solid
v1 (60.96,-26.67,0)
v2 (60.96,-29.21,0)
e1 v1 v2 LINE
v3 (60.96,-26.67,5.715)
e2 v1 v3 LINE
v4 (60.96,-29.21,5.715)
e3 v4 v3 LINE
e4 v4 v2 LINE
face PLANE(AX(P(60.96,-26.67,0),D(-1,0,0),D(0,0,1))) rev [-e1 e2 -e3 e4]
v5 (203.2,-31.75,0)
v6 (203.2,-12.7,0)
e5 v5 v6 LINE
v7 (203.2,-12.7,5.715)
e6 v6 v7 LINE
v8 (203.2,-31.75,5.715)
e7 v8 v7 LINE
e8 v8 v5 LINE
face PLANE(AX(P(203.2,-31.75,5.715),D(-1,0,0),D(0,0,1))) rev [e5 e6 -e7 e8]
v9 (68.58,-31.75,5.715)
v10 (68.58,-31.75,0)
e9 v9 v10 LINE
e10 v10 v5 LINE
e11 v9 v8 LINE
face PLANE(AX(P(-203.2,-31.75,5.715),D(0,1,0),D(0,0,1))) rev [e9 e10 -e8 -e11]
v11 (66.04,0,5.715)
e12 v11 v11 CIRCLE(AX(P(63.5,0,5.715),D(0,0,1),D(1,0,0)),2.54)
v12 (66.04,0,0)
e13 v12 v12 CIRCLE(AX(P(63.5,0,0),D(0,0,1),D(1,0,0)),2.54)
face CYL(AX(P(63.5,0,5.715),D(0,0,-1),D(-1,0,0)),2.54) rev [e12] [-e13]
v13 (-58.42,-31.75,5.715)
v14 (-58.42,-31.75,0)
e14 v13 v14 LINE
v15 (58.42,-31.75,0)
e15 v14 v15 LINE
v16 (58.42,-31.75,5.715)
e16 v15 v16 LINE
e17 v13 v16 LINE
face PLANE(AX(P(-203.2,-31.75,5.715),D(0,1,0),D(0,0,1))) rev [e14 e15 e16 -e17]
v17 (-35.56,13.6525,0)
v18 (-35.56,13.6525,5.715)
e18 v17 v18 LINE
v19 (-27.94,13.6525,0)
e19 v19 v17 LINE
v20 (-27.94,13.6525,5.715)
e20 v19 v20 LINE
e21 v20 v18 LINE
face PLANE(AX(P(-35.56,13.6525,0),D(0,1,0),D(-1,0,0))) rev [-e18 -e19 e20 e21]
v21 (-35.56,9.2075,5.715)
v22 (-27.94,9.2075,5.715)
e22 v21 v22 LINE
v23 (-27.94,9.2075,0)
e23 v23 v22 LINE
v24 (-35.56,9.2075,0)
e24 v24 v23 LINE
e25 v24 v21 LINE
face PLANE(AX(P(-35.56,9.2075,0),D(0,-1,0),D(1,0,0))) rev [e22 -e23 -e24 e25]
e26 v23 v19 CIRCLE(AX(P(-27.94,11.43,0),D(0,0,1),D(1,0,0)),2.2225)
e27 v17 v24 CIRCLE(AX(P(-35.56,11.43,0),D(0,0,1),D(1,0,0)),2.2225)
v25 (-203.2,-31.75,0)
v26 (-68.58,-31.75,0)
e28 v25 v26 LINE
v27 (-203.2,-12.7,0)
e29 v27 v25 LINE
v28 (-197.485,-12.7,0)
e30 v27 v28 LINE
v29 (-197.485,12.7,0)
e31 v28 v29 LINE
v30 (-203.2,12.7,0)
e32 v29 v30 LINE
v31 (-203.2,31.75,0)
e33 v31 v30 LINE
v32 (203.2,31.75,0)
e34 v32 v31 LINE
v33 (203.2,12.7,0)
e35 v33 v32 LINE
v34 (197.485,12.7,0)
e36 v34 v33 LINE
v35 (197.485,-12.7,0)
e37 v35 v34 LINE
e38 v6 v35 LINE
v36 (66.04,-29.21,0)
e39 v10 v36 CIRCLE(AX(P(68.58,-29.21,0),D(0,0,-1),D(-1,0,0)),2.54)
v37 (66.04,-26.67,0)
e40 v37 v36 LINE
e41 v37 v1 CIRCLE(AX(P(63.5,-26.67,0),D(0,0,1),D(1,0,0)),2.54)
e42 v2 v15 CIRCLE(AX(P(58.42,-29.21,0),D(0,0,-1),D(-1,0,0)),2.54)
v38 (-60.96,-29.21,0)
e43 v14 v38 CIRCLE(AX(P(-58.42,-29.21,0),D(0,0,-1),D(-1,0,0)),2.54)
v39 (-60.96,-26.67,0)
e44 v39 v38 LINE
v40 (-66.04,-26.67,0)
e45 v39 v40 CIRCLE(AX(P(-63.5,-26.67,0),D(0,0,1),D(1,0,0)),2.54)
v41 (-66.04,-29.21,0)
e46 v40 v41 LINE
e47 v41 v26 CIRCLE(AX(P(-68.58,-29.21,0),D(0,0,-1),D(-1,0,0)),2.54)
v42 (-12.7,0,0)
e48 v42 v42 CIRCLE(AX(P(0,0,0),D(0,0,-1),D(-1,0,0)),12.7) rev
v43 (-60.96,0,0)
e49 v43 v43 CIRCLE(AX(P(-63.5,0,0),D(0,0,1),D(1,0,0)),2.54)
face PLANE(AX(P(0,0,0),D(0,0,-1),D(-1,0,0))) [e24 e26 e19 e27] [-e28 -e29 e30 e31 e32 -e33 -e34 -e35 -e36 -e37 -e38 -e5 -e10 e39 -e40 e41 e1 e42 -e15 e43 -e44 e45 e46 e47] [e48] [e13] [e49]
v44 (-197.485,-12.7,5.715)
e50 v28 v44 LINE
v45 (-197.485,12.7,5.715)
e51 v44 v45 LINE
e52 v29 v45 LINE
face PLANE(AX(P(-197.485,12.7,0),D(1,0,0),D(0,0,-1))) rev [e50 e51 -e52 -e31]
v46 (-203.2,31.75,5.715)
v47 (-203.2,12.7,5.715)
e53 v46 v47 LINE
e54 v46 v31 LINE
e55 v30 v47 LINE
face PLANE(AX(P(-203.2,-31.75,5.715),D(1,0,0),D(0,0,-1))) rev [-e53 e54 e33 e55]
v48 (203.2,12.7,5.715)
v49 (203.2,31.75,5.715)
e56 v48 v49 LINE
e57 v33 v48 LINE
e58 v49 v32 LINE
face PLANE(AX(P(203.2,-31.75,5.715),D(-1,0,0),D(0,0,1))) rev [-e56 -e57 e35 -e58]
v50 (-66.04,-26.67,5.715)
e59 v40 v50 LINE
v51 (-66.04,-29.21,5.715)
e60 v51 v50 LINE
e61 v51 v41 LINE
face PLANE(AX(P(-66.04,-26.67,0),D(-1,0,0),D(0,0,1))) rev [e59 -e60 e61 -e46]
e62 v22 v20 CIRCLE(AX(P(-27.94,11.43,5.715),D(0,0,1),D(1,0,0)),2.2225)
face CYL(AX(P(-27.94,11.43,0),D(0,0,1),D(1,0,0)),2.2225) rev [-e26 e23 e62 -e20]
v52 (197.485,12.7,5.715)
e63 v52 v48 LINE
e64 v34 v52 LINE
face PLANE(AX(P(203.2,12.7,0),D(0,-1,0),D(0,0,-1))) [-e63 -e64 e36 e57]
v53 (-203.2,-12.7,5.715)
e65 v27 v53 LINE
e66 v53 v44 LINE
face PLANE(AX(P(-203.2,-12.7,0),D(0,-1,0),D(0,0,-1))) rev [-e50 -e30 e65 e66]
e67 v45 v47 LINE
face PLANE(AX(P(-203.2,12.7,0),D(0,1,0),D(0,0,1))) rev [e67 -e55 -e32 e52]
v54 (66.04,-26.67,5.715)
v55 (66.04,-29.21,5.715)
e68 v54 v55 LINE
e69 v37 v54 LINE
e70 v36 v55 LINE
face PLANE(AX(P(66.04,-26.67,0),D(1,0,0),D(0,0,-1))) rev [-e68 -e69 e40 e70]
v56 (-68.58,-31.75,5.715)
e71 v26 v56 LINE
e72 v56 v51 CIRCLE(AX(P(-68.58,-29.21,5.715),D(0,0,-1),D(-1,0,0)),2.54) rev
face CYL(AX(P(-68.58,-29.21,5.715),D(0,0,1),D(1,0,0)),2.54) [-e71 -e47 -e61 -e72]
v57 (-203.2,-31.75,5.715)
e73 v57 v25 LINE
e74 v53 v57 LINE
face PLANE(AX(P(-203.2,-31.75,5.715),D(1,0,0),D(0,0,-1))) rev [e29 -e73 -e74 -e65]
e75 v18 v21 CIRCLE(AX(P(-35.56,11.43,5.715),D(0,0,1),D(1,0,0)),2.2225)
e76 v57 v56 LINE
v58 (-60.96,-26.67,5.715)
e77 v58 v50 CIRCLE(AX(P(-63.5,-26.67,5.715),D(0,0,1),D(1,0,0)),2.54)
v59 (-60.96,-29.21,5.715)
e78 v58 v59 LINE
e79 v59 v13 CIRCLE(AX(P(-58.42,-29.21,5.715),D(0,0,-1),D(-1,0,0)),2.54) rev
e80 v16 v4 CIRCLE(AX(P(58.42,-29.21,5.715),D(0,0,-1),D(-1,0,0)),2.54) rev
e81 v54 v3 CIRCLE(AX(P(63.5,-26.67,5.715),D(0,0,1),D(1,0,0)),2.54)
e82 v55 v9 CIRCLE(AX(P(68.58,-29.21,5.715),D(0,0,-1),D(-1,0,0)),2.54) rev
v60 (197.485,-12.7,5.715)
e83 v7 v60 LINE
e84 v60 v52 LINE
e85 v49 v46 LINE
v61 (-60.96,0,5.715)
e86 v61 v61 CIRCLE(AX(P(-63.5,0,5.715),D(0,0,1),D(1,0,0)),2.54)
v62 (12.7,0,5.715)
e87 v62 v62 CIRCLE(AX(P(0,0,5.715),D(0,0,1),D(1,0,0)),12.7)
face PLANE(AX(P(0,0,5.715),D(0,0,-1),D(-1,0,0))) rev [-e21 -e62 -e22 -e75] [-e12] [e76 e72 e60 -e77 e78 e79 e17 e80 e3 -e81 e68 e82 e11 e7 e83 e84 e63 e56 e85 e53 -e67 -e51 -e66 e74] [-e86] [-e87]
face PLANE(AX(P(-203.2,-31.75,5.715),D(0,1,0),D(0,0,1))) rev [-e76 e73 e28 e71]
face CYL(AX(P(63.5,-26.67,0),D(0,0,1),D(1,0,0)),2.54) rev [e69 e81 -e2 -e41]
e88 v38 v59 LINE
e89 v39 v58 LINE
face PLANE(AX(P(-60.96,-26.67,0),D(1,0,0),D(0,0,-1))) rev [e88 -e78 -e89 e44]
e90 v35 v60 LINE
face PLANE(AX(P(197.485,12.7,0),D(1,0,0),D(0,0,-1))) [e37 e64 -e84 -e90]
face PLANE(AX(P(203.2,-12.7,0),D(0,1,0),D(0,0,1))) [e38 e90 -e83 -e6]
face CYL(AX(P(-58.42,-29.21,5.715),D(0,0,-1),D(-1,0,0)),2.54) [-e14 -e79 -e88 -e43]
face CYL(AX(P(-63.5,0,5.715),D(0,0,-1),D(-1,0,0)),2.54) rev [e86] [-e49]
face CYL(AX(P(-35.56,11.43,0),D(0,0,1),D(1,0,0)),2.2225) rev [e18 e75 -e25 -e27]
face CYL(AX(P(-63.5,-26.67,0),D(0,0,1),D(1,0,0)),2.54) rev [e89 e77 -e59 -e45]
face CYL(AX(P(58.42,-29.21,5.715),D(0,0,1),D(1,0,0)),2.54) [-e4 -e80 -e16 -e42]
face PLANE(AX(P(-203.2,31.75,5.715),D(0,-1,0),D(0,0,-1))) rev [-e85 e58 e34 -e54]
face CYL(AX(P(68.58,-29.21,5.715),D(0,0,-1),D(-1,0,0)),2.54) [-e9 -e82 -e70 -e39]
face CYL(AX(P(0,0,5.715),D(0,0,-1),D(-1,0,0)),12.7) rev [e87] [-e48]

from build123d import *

# Parameters (mm, degrees)
SKETCH1_W                        = 406.4
SKETCH1_H                        = 63.5
BOSS_EXTRUDE1_DEPTH              = 5.715
SKETCH2_R                        = 12.7
SEED_HOLE_DEPTH                  = 6.715
SEED_HOLE_DEPTH_BACK             = 1
SKETCH3_R                        = 2.54
LED_MOUNT_DEPTH                  = 6.715
IR_SENSOR_WIRE_KEEPER_DEPTH      = 1
IR_SENSOR_WIRE_KEEPER_DEPTH_BACK = 6.715
FILLET1_R                        = 2.54
SEED_SWITCH_MOUNT_DEPTH          = 6.715
SKETCH6_W                        = 5.715
SKETCH6_H                        = 25.4
CUT_EXTRUDE6_DEPTH               = 6.715


with BuildPart() as part:
    # Sketch1 → Boss-Extrude1 (new body)
    with BuildSketch(Plane.XY):
        Rectangle(SKETCH1_W, SKETCH1_H)
    extrude(amount=BOSS_EXTRUDE1_DEPTH)

    # Sketch2 → Seed Hole (cut, two sides)
    with BuildSketch(Plane.XY) as seed_hole_sk:
        Circle(SKETCH2_R)
    extrude(amount=SEED_HOLE_DEPTH, mode=Mode.SUBTRACT)
    extrude(seed_hole_sk.sketch, amount=-SEED_HOLE_DEPTH_BACK, mode=Mode.SUBTRACT)

    # Sketch3 → LED Mount (cut, through all)
    with BuildSketch(Plane.XY):
        with Locations((-63.5, 0)):
            Circle(SKETCH3_R)
        with Locations((63.5, 0)):
            Circle(SKETCH3_R)
    extrude(amount=LED_MOUNT_DEPTH, mode=Mode.SUBTRACT)

    # Sketch4 → IR Sensor Wire Keeper (cut, two sides)
    with BuildSketch(Plane.XY.offset(5.715)) as ir_sensor_wire_keeper_sk:
        with BuildLine():
            Line((-60.96, -26.67), (-60.96, -36.83))
            ThreePointArc((-60.96, -36.83), (-63.5, -39.37), (-66.04, -36.83))
            Line((-66.04, -36.83), (-66.04, -26.67))
            ThreePointArc((-66.04, -26.67), (-63.5, -24.13), (-60.96, -26.67))
        make_face()
        with BuildLine():
            Line((66.04, -26.67), (66.04, -36.83))
            ThreePointArc((66.04, -36.83), (63.5, -39.37), (60.96, -36.83))
            Line((60.96, -36.83), (60.96, -26.67))
            ThreePointArc((60.96, -26.67), (63.5, -24.13), (66.04, -26.67))
        make_face()
    extrude(amount=IR_SENSOR_WIRE_KEEPER_DEPTH, mode=Mode.SUBTRACT)
    extrude(ir_sensor_wire_keeper_sk.sketch, amount=-IR_SENSOR_WIRE_KEEPER_DEPTH_BACK, mode=Mode.SUBTRACT)

    # Fillet1
    fillet1_edges = [part.edges().sort_by_distance(p)[0] for p in [
        (-60.96, -31.75, 2.8575),
        (-66.04, -31.75, 2.8575),
        (66.04, -31.75, 2.8575),
        (60.96, -31.75, 2.8575),
    ]]
    fillet(fillet1_edges, radius=FILLET1_R)

    # Sketch5 → Seed Switch Mount (cut, through all)
    with BuildSketch(Plane.XY.offset(5.715)):
        with BuildLine():
            Line((-35.56, 13.6525), (-27.94, 13.6525))
            ThreePointArc((-27.94, 13.6525), (-25.7175, 11.43), (-27.94, 9.2075))
            Line((-27.94, 9.2075), (-35.56, 9.2075))
            ThreePointArc((-35.56, 9.2075), (-37.7825, 11.43), (-35.56, 13.6525))
        make_face()
    extrude(amount=-SEED_SWITCH_MOUNT_DEPTH, mode=Mode.SUBTRACT)

    # Sketch6 → Cut-Extrude6 (cut, through all)
    with BuildSketch(Plane.XY.offset(5.715)):
        with Locations((-200.3425, 0)):
            Rectangle(SKETCH6_W, SKETCH6_H)
    cut_extrude6 = extrude(amount=-CUT_EXTRUDE6_DEPTH, mode=Mode.SUBTRACT)

    # Mirror1: Cut-Extrude6 across plane
    add(cut_extrude6.mirror(Plane(origin=(0, 0, 0), x_dir=(0, 0, 1), z_dir=(1, 0, 0))), mode=Mode.SUBTRACT)


solid = part.part
